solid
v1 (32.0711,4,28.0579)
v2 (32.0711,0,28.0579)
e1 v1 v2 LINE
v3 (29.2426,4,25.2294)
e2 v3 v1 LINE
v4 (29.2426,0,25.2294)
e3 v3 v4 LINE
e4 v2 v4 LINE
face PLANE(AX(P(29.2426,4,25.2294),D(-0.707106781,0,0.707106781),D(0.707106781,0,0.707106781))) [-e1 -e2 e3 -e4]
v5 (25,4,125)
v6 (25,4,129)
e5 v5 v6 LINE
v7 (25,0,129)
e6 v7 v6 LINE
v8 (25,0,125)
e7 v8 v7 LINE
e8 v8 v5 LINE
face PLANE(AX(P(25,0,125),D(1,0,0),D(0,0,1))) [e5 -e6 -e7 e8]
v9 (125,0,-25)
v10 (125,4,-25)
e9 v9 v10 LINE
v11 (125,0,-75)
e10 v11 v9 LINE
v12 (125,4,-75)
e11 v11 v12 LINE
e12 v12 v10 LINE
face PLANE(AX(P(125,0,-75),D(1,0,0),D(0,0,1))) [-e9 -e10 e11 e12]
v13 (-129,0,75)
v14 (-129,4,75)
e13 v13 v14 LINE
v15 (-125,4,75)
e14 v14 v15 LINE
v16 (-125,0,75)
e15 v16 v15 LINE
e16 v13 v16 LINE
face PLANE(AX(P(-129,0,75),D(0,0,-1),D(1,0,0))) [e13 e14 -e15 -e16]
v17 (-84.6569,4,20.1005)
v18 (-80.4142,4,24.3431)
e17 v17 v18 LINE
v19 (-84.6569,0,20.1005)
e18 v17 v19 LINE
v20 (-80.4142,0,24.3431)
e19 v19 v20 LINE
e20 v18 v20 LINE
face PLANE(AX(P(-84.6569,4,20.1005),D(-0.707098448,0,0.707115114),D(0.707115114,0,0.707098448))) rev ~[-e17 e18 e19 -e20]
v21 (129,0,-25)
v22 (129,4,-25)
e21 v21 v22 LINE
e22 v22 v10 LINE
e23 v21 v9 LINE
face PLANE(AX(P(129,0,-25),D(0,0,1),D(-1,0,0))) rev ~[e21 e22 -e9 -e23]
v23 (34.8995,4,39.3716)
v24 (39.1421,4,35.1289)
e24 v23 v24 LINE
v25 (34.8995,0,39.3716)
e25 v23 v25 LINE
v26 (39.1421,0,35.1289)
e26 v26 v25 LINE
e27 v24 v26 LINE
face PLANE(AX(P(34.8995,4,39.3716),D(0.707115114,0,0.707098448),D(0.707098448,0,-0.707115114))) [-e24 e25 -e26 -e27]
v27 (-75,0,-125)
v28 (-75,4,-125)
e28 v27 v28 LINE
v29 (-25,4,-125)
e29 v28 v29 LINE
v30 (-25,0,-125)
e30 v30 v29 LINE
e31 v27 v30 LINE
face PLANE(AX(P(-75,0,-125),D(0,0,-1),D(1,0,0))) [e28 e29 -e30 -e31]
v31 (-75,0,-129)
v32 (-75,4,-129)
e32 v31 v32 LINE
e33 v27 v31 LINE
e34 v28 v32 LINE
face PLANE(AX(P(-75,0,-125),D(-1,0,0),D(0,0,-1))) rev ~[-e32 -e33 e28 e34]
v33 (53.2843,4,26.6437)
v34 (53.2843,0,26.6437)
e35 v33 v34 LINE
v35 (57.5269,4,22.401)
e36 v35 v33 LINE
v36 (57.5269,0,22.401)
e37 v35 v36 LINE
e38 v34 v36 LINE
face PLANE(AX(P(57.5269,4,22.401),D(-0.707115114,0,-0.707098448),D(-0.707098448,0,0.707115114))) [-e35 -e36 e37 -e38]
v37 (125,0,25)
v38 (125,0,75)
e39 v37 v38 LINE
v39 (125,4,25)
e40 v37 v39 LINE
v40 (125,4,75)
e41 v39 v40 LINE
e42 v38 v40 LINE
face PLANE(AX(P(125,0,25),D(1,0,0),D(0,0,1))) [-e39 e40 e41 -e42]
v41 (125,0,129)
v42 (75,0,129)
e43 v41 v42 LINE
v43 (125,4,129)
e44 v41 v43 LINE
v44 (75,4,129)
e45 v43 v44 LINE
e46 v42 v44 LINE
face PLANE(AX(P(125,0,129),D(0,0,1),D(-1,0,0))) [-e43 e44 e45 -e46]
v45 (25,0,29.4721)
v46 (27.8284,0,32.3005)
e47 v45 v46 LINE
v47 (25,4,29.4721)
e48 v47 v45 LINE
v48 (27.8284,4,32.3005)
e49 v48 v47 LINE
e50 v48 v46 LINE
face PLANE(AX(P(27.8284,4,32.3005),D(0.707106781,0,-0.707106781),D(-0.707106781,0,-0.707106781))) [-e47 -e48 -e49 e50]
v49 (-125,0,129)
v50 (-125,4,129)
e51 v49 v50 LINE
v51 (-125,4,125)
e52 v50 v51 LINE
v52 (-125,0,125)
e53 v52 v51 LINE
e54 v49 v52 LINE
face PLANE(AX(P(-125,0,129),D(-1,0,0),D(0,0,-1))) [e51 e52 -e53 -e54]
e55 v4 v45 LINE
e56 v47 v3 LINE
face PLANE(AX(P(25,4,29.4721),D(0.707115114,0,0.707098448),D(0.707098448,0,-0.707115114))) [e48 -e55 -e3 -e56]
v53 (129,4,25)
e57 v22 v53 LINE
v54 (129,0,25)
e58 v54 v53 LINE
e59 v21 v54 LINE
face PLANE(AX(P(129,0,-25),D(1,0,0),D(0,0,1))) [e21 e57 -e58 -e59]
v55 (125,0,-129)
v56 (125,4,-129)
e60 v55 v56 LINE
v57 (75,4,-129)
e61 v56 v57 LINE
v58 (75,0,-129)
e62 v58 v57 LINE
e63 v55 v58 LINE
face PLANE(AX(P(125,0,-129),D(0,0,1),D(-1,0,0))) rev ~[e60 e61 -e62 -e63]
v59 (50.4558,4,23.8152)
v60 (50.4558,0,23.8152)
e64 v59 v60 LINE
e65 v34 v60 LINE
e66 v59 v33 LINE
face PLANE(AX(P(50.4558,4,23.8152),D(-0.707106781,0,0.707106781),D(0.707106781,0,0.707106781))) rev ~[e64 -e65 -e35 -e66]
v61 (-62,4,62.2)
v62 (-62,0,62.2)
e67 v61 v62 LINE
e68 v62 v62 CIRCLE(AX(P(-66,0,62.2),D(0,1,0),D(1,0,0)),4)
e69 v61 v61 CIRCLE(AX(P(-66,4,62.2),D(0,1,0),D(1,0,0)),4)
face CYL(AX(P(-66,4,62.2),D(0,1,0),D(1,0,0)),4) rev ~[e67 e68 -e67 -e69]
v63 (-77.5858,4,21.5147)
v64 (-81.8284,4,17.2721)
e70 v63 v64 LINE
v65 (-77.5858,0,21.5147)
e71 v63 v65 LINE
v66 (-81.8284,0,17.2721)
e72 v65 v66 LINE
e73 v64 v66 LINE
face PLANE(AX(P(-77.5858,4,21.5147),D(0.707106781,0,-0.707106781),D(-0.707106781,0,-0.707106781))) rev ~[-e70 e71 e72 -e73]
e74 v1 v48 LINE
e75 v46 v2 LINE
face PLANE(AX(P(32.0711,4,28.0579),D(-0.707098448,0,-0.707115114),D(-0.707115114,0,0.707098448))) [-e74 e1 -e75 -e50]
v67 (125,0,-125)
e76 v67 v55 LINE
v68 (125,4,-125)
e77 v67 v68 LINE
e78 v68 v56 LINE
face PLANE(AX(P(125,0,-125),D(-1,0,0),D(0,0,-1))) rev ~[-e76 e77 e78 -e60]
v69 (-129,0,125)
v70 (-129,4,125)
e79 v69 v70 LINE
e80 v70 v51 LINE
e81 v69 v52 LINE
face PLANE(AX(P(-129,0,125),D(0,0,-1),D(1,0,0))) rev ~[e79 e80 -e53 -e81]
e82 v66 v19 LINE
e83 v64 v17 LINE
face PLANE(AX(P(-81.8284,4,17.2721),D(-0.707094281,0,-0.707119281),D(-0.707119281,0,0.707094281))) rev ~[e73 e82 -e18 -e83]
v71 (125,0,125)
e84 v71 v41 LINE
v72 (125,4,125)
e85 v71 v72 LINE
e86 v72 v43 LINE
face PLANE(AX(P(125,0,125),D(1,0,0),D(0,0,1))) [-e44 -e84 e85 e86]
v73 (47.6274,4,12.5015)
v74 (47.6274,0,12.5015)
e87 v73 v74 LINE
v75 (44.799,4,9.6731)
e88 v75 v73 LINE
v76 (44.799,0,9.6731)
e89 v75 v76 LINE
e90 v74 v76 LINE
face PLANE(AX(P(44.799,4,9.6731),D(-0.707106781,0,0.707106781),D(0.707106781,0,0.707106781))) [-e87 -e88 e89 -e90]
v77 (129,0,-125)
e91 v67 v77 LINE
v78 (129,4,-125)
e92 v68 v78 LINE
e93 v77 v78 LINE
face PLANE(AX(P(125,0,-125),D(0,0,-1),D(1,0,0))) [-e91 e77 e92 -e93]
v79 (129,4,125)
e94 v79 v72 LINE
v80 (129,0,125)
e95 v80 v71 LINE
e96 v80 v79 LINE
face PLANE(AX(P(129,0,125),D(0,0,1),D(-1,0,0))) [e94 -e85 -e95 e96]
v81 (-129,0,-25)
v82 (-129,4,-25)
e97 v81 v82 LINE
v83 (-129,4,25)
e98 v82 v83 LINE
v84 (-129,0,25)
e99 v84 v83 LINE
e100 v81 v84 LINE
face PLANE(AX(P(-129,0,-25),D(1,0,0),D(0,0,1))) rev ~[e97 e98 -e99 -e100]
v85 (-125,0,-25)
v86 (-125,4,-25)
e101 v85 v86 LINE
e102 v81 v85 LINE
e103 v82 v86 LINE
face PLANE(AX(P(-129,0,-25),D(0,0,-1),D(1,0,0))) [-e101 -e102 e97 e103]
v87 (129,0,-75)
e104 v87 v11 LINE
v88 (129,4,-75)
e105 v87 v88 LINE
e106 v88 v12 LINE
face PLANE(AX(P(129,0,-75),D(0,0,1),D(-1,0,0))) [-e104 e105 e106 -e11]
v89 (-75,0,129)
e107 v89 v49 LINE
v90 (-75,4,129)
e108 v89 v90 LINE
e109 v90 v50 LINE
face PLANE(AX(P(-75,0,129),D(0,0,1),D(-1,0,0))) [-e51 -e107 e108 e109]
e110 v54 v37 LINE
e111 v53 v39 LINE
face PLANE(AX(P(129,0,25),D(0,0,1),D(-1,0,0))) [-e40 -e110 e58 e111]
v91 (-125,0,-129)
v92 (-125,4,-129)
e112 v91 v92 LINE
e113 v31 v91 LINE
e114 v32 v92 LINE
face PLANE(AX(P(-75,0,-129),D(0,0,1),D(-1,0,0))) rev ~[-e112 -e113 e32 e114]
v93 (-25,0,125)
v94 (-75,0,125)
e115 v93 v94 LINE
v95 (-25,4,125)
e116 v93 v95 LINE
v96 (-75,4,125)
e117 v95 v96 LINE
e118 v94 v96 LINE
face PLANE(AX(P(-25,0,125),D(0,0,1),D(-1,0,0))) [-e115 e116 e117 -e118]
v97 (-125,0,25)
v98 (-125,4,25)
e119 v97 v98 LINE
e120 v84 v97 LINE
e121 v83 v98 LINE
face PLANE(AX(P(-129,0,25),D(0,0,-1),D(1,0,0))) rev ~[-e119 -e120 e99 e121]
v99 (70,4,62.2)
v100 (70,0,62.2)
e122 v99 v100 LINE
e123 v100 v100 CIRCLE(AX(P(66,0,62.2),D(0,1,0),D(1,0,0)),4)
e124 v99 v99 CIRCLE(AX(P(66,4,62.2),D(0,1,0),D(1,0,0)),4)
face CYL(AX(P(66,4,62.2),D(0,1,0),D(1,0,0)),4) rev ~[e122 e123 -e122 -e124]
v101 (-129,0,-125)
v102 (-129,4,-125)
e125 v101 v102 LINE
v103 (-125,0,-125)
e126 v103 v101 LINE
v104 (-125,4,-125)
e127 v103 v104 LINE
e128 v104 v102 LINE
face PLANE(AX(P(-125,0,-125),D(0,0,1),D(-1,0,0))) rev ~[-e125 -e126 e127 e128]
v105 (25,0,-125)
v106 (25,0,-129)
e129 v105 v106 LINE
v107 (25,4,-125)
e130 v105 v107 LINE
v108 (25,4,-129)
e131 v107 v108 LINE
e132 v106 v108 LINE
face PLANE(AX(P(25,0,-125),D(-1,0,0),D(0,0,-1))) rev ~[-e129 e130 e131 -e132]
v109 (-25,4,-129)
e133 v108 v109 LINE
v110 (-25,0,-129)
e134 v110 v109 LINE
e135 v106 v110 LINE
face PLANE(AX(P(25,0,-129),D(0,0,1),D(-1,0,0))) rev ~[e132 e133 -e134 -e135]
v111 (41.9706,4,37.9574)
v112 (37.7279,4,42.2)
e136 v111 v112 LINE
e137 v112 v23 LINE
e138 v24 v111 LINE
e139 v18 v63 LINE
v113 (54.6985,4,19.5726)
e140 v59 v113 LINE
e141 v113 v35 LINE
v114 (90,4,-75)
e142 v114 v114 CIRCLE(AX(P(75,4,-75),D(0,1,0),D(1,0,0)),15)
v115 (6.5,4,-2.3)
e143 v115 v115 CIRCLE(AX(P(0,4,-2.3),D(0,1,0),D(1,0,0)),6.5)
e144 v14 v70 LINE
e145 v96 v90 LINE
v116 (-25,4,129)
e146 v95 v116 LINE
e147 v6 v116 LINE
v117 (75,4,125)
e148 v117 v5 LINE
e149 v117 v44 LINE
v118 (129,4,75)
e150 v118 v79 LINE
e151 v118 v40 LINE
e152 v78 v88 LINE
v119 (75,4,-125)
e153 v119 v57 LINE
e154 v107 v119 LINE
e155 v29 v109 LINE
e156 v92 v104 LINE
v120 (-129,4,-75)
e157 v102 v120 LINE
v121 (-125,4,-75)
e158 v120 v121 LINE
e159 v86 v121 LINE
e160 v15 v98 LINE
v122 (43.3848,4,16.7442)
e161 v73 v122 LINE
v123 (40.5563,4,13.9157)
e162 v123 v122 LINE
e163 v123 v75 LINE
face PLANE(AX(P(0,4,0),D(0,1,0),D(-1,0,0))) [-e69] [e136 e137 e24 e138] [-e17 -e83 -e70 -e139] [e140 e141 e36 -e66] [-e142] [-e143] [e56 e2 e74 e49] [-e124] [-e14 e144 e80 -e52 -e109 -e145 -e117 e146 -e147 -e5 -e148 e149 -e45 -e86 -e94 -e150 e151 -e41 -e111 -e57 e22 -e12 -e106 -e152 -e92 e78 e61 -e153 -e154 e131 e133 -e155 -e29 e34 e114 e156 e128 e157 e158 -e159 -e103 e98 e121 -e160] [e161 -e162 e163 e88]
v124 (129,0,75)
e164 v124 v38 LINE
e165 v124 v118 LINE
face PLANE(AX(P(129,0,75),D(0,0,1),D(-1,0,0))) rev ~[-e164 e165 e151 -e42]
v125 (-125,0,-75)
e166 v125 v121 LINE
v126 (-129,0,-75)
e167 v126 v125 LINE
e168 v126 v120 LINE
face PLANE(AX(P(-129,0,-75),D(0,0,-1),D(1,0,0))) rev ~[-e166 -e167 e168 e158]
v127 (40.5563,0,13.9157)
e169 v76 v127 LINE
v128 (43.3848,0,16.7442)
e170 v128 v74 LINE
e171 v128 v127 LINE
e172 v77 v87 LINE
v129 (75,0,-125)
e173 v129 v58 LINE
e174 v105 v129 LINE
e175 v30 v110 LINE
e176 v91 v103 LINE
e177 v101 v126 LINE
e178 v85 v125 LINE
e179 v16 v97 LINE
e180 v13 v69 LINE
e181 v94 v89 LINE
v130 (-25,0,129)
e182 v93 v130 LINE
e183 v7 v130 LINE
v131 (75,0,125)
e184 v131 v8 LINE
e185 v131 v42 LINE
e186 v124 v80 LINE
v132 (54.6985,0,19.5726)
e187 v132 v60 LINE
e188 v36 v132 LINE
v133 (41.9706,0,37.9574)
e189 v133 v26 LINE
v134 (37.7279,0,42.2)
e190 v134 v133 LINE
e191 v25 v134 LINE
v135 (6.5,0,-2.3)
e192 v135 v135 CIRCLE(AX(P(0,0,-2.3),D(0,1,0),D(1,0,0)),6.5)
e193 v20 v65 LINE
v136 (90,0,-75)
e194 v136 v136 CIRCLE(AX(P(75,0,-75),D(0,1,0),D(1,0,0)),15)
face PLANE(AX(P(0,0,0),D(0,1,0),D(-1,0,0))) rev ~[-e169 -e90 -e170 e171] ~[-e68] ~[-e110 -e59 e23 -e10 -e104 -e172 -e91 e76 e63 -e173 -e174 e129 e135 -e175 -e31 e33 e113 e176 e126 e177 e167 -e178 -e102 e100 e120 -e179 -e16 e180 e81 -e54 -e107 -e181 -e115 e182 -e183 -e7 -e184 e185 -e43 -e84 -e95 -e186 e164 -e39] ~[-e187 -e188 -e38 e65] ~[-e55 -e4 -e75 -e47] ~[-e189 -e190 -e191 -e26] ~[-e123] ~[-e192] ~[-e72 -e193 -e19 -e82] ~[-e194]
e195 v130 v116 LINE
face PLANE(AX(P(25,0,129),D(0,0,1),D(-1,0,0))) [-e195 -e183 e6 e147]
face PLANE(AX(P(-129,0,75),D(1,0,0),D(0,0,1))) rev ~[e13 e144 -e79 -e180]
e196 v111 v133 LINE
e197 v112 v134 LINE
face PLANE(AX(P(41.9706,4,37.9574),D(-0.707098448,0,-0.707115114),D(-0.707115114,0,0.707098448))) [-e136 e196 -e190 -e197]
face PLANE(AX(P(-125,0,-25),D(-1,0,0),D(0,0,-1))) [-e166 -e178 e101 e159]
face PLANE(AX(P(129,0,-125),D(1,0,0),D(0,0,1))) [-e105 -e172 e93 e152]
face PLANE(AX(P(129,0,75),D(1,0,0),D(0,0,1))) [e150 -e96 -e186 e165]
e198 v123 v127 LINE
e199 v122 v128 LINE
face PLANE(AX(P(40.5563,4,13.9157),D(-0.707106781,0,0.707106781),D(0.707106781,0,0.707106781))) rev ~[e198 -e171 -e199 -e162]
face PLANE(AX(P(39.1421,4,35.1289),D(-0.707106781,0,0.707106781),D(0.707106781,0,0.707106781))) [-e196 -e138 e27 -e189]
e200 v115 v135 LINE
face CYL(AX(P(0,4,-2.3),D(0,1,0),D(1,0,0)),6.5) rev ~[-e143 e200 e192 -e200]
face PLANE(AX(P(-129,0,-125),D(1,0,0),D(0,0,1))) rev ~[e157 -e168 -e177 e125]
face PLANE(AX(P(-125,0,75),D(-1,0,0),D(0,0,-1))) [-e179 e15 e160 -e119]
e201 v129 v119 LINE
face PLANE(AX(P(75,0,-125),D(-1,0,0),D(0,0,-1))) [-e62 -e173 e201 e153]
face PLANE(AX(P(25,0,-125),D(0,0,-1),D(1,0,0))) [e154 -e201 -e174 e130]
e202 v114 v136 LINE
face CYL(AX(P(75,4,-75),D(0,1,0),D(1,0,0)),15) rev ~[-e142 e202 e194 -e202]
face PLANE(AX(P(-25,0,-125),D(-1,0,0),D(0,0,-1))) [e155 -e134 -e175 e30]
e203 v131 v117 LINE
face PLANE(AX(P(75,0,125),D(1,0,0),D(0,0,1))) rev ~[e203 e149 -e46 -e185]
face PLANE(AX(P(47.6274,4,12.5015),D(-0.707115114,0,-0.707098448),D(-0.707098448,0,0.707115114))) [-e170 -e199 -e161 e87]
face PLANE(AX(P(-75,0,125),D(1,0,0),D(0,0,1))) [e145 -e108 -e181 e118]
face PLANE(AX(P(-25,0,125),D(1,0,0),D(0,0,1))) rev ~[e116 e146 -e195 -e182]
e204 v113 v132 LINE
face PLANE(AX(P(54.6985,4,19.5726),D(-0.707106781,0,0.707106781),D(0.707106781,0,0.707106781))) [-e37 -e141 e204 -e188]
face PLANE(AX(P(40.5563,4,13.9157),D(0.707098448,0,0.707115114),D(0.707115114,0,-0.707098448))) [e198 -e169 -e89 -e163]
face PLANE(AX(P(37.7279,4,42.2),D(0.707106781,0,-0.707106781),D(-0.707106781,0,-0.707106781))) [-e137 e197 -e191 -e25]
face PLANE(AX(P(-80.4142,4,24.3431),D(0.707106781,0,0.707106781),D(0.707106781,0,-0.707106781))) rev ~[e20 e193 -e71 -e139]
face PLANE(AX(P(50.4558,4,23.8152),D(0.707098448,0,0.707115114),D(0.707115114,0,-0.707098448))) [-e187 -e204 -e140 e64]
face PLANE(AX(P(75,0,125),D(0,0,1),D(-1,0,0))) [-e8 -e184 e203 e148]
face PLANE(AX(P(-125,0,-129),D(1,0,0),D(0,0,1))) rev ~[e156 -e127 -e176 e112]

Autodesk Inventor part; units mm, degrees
ref_plane "YZ Plane" through (0, 0, 0) normal (1, 0, 0) x (0, 1, 0)
ref_plane "XZ Plane" through (0, 0, 0) normal (0, 1, 0) x (-1, 0, 0)
ref_plane "XY Plane" through (0, 0, 0) normal (0, 0, 1) x (1, 0, 0)
sketch "Sketch1" plane through (0, 0, 0) normal (0, 1, 0) x (-1, 0, 0)
  line L0 (-125, 125) -> (125, 125)
  line L1 (125, 125) -> (125, -125)
  line L2 (125, -125) -> (-125, -125)
  line L3 (-125, -125) -> (-125, 125)
  line L4 (-125, 125) -> (125, -125) construction
  line L5 (125, 125) -> (-125, -125) construction
  line L6 (125, -125) -> (75, -125)
  line L7 (75, -125) -> (75, -129)
  line L8 (75, -129) -> (125, -129)
  line L9 (125, -129) -> (125, -125)
  line L10 (125, -125) -> (129, -125)
  line L11 (129, -125) -> (129, -75)
  line L12 (129, -75) -> (125, -75)
  line L13 (125, -75) -> (125, -125)
  line L14 (-125, -125) -> (-129, -125)
  line L15 (-129, -125) -> (-129, -75)
  line L16 (-129, -75) -> (-125, -75)
  line L17 (-125, -75) -> (-125, -125)
  line L18 (125, 125) -> (75, 125)
  line L19 (75, 125) -> (75, 129)
  line L20 (75, 129) -> (125, 129)
  line L21 (125, 129) -> (125, 125)
  line L22 (75, -129) -> (75, -125)
  line L23 (75, -125) -> (25, -125)
  line L24 (25, -125) -> (25, -129)
  line L25 (25, -129) -> (75, -129)
  line L26 (25, -129) -> (25, -125)
  line L27 (25, -125) -> (-25, -125)
  line L28 (-25, -125) -> (-25, -129)
  line L29 (-25, -129) -> (25, -129)
  line L30 (-25, -129) -> (-25, -125)
  line L31 (-25, -125) -> (-75, -125)
  line L32 (-75, -125) -> (-75, -129)
  line L33 (-75, -129) -> (-25, -129)
  line L34 (-75, -129) -> (-75, -125)
  line L35 (-75, -125) -> (-125, -125)
  line L36 (-125, -125) -> (-125, -129)
  line L37 (-125, -129) -> (-75, -129)
  line L38 (125, -75) -> (129, -75)
  line L39 (125, -25) -> (125, -75)
  line L40 (129, -25) -> (125, -25)
  line L41 (129, -75) -> (129, -25)
  line L42 (125, -25) -> (129, -25)
  line L43 (125, 25) -> (125, -25)
  line L44 (129, 25) -> (125, 25)
  line L45 (129, -25) -> (129, 25)
  line L46 (125, 25) -> (129, 25)
  line L47 (125, 75) -> (125, 25)
  line L48 (129, 75) -> (125, 75)
  line L49 (129, 25) -> (129, 75)
  line L50 (125, 75) -> (129, 75)
  line L51 (125, 125) -> (125, 75)
  line L52 (129, 125) -> (125, 125)
  line L53 (129, 75) -> (129, 125)
  line L54 (-125, -75) -> (-129, -75)
  line L55 (-129, -75) -> (-129, -25)
  line L56 (-129, -25) -> (-125, -25)
  line L57 (-125, -25) -> (-125, -75)
  line L58 (-125, -25) -> (-129, -25)
  line L59 (-129, -25) -> (-129, 25)
  line L60 (-129, 25) -> (-125, 25)
  line L61 (-125, 25) -> (-125, -25)
  line L62 (-125, 25) -> (-129, 25)
  line L63 (-129, 25) -> (-129, 75)
  line L64 (-129, 75) -> (-125, 75)
  line L65 (-125, 75) -> (-125, 25)
  line L66 (-125, 75) -> (-129, 75)
  line L67 (-129, 75) -> (-129, 125)
  line L68 (-129, 125) -> (-125, 125)
  line L69 (-125, 125) -> (-125, 75)
  line L70 (75, 125) -> (25, 125)
  line L71 (25, 125) -> (25, 129)
  line L72 (25, 129) -> (75, 129)
  line L73 (75, 129) -> (75, 125)
  line L74 (25, 125) -> (-25, 125)
  line L75 (-25, 125) -> (-25, 129)
  line L76 (-25, 129) -> (25, 129)
  line L77 (25, 129) -> (25, 125)
  line L78 (-25, 125) -> (-75, 125)
  line L79 (-75, 125) -> (-75, 129)
  line L80 (-75, 129) -> (-25, 129)
  line L81 (-25, 129) -> (-25, 125)
  line L82 (-75, 125) -> (-125, 125)
  line L83 (-125, 125) -> (-125, 129)
  line L84 (-125, 129) -> (-75, 129)
  line L85 (-75, 129) -> (-75, 125)
  point P0 (0, 0)
  dimension "d0" = 250
  dimension "d1" = 250
  dimension "d2" = 50
  dimension "d3" = 4
  dimension "d4" = 4
  dimension "d5" = 50
  dimension "d6" = 4
  dimension "d7" = 50
  dimension "d8" = 50
  dimension "d9" = 4
  dimension "d12" = 50
  dimension "d19" = 50
  dimension "d26" = 50
  dimension "d33" = 50
extrude "Extrusion1" add sketch "Sketch1" along normal blind 4 contours L83 L84 L79 L0 | L0 L1 L2 L3 | L3 L64 L67 L68 | L75 L76 L71 L0 | L3 L56 L59 L60 | L19 L20 L21 L0 | L3 L14 L15 L16 | L52 L53 L48 L1 | L2 L32 L37 L36 | L44 L45 L40 L1 | L2 L24 L29 L28 | L12 L11 L10 L1 | L2 L9 L8 L7
sketch "Sketch2" plane through (0, 4, 0) normal (0, 1, 0) x (1, 0, 0)
  line L0 (25, -125) -> (75, -125) construction
  circle A0 centre (0, 2.3) radius 6.5
  circle A1 centre (-66, -62.2) radius 4
  circle A2 centre (66, -62.2) radius 4
  line L1 (0, 180.6) -> (0, -180.6) construction
  line L2 (-93.2324, -124) -> (95.467, -124) construction
  line L3 (-129, -125) -> (-125, -125) projected
  line L4 (25, -29.4721) -> (29.2426, -25.2294)
  line L5 (44.799, -9.6731) -> (47.6274, -12.5015)
  line L6 (47.6274, -12.5015) -> (43.3848, -16.7442)
  line L7 (27.8284, -32.3005) -> (25, -29.4721)
  line L8 (34.8995, -39.3716) -> (39.1421, -35.1289)
  line L9 (54.6985, -19.5726) -> (57.5269, -22.401)
  line L10 (57.5269, -22.401) -> (53.2843, -26.6437)
  line L11 (37.7279, -42.2) -> (34.8995, -39.3716)
  line L12 (40.5563, -13.9157) -> (43.3848, -16.7442)
  line L13 (29.2426, -25.2294) -> (32.0711, -28.0579)
  line L14 (39.1421, -35.1289) -> (41.9706, -37.9574)
  line L15 (50.4558, -23.8152) -> (53.2843, -26.6437)
  line L16 (40.5563, -13.9157) -> (44.799, -9.6731)
  line L17 (29.2426, -25.2294) -> (40.5563, -13.9157) construction
  line L18 (43.3848, -16.7442) -> (32.0711, -28.0579) construction
  line L19 (50.4558, -23.8152) -> (54.6985, -19.5726)
  line L20 (53.2843, -26.6437) -> (41.9706, -37.9574) construction
  line L21 (32.0711, -28.0579) -> (27.8284, -32.3005)
  line L22 (39.1421, -35.1289) -> (50.4558, -23.8152) construction
  line L23 (41.9706, -37.9574) -> (37.7279, -42.2)
  point P0 (0, 0)
  point P1 (26.4142, -30.8863)
  dimension "d46" = 13
  dimension "d52" = 8
  dimension "d53" = 132
  dimension "d54" = 61.8
  dimension "d55" = 1
  dimension "d56" = 64.5
  dimension "d57" = 10
  dimension "d58" = 4
  dimension "d59" = 6
  dimension "d60" = 6
  dimension "d61" = 45
  dimension "d62" = 20
  dimension "d63" = 28
  dimension "d64" = 25
extrude "Extrusion2" cut sketch "Sketch2" against normal up to next
sketch "Sketch3" plane through (0, 4, 0) normal (0, 1, 0) x (1, 0, 0)
  point P0 (0, 0)
sketch "Sketch4" plane through (0, 4, 0) normal (0, 1, 0) x (1, 0, 0)
  circle A0 centre (75, 75) radius 15
  line L0 (75, 125) -> (25, 125) projected
  line L1 (125, 25) -> (125, 75) projected
  point P0 (0, 0)
  dimension "d65" = 30
  dimension "d66" = 50
  dimension "d67" = 50
extrude "Extrusion3" cut sketch "Sketch4" against normal blind 10
sketch "Sketch5" plane through (0, 4, 0) normal (0, 1, 0) x (1, 0, 0)
  line L0 (-80.4142, -24.3431) -> (-77.5858, -21.5147)
  line L1 (-77.5858, -21.5147) -> (-81.8284, -17.2721)
  line L2 (-81.8284, -17.2721) -> (-84.6569, -20.1005)
  line L3 (-84.6569, -20.1005) -> (-80.4142, -24.3431)
  line L4 (-79, -30) -> (-71.9289, -22.9289) construction
  line L5 (-83.2426, -18.6863) -> (-79, -22.9289) construction
  line L6 (-79, -22.9289) -> (-75.4645, -26.4645) construction
  line L7 (-75, -125) -> (-25, -125) projected
  line L8 (-125, -25) -> (-125, -75) projected
  point P0 (0, 0)
  dimension "d70" = 45
  dimension "d71" = 6
  dimension "d72" = 4
  dimension "d73" = 10
  dimension "d74" = 5
  dimension "d75" = 46
  dimension "d76" = 95
extrude "Extrusion4" cut sketch "Sketch5" against normal through all
properties part number "FloorPlateTop_V2" material "Wood (Oak)"
